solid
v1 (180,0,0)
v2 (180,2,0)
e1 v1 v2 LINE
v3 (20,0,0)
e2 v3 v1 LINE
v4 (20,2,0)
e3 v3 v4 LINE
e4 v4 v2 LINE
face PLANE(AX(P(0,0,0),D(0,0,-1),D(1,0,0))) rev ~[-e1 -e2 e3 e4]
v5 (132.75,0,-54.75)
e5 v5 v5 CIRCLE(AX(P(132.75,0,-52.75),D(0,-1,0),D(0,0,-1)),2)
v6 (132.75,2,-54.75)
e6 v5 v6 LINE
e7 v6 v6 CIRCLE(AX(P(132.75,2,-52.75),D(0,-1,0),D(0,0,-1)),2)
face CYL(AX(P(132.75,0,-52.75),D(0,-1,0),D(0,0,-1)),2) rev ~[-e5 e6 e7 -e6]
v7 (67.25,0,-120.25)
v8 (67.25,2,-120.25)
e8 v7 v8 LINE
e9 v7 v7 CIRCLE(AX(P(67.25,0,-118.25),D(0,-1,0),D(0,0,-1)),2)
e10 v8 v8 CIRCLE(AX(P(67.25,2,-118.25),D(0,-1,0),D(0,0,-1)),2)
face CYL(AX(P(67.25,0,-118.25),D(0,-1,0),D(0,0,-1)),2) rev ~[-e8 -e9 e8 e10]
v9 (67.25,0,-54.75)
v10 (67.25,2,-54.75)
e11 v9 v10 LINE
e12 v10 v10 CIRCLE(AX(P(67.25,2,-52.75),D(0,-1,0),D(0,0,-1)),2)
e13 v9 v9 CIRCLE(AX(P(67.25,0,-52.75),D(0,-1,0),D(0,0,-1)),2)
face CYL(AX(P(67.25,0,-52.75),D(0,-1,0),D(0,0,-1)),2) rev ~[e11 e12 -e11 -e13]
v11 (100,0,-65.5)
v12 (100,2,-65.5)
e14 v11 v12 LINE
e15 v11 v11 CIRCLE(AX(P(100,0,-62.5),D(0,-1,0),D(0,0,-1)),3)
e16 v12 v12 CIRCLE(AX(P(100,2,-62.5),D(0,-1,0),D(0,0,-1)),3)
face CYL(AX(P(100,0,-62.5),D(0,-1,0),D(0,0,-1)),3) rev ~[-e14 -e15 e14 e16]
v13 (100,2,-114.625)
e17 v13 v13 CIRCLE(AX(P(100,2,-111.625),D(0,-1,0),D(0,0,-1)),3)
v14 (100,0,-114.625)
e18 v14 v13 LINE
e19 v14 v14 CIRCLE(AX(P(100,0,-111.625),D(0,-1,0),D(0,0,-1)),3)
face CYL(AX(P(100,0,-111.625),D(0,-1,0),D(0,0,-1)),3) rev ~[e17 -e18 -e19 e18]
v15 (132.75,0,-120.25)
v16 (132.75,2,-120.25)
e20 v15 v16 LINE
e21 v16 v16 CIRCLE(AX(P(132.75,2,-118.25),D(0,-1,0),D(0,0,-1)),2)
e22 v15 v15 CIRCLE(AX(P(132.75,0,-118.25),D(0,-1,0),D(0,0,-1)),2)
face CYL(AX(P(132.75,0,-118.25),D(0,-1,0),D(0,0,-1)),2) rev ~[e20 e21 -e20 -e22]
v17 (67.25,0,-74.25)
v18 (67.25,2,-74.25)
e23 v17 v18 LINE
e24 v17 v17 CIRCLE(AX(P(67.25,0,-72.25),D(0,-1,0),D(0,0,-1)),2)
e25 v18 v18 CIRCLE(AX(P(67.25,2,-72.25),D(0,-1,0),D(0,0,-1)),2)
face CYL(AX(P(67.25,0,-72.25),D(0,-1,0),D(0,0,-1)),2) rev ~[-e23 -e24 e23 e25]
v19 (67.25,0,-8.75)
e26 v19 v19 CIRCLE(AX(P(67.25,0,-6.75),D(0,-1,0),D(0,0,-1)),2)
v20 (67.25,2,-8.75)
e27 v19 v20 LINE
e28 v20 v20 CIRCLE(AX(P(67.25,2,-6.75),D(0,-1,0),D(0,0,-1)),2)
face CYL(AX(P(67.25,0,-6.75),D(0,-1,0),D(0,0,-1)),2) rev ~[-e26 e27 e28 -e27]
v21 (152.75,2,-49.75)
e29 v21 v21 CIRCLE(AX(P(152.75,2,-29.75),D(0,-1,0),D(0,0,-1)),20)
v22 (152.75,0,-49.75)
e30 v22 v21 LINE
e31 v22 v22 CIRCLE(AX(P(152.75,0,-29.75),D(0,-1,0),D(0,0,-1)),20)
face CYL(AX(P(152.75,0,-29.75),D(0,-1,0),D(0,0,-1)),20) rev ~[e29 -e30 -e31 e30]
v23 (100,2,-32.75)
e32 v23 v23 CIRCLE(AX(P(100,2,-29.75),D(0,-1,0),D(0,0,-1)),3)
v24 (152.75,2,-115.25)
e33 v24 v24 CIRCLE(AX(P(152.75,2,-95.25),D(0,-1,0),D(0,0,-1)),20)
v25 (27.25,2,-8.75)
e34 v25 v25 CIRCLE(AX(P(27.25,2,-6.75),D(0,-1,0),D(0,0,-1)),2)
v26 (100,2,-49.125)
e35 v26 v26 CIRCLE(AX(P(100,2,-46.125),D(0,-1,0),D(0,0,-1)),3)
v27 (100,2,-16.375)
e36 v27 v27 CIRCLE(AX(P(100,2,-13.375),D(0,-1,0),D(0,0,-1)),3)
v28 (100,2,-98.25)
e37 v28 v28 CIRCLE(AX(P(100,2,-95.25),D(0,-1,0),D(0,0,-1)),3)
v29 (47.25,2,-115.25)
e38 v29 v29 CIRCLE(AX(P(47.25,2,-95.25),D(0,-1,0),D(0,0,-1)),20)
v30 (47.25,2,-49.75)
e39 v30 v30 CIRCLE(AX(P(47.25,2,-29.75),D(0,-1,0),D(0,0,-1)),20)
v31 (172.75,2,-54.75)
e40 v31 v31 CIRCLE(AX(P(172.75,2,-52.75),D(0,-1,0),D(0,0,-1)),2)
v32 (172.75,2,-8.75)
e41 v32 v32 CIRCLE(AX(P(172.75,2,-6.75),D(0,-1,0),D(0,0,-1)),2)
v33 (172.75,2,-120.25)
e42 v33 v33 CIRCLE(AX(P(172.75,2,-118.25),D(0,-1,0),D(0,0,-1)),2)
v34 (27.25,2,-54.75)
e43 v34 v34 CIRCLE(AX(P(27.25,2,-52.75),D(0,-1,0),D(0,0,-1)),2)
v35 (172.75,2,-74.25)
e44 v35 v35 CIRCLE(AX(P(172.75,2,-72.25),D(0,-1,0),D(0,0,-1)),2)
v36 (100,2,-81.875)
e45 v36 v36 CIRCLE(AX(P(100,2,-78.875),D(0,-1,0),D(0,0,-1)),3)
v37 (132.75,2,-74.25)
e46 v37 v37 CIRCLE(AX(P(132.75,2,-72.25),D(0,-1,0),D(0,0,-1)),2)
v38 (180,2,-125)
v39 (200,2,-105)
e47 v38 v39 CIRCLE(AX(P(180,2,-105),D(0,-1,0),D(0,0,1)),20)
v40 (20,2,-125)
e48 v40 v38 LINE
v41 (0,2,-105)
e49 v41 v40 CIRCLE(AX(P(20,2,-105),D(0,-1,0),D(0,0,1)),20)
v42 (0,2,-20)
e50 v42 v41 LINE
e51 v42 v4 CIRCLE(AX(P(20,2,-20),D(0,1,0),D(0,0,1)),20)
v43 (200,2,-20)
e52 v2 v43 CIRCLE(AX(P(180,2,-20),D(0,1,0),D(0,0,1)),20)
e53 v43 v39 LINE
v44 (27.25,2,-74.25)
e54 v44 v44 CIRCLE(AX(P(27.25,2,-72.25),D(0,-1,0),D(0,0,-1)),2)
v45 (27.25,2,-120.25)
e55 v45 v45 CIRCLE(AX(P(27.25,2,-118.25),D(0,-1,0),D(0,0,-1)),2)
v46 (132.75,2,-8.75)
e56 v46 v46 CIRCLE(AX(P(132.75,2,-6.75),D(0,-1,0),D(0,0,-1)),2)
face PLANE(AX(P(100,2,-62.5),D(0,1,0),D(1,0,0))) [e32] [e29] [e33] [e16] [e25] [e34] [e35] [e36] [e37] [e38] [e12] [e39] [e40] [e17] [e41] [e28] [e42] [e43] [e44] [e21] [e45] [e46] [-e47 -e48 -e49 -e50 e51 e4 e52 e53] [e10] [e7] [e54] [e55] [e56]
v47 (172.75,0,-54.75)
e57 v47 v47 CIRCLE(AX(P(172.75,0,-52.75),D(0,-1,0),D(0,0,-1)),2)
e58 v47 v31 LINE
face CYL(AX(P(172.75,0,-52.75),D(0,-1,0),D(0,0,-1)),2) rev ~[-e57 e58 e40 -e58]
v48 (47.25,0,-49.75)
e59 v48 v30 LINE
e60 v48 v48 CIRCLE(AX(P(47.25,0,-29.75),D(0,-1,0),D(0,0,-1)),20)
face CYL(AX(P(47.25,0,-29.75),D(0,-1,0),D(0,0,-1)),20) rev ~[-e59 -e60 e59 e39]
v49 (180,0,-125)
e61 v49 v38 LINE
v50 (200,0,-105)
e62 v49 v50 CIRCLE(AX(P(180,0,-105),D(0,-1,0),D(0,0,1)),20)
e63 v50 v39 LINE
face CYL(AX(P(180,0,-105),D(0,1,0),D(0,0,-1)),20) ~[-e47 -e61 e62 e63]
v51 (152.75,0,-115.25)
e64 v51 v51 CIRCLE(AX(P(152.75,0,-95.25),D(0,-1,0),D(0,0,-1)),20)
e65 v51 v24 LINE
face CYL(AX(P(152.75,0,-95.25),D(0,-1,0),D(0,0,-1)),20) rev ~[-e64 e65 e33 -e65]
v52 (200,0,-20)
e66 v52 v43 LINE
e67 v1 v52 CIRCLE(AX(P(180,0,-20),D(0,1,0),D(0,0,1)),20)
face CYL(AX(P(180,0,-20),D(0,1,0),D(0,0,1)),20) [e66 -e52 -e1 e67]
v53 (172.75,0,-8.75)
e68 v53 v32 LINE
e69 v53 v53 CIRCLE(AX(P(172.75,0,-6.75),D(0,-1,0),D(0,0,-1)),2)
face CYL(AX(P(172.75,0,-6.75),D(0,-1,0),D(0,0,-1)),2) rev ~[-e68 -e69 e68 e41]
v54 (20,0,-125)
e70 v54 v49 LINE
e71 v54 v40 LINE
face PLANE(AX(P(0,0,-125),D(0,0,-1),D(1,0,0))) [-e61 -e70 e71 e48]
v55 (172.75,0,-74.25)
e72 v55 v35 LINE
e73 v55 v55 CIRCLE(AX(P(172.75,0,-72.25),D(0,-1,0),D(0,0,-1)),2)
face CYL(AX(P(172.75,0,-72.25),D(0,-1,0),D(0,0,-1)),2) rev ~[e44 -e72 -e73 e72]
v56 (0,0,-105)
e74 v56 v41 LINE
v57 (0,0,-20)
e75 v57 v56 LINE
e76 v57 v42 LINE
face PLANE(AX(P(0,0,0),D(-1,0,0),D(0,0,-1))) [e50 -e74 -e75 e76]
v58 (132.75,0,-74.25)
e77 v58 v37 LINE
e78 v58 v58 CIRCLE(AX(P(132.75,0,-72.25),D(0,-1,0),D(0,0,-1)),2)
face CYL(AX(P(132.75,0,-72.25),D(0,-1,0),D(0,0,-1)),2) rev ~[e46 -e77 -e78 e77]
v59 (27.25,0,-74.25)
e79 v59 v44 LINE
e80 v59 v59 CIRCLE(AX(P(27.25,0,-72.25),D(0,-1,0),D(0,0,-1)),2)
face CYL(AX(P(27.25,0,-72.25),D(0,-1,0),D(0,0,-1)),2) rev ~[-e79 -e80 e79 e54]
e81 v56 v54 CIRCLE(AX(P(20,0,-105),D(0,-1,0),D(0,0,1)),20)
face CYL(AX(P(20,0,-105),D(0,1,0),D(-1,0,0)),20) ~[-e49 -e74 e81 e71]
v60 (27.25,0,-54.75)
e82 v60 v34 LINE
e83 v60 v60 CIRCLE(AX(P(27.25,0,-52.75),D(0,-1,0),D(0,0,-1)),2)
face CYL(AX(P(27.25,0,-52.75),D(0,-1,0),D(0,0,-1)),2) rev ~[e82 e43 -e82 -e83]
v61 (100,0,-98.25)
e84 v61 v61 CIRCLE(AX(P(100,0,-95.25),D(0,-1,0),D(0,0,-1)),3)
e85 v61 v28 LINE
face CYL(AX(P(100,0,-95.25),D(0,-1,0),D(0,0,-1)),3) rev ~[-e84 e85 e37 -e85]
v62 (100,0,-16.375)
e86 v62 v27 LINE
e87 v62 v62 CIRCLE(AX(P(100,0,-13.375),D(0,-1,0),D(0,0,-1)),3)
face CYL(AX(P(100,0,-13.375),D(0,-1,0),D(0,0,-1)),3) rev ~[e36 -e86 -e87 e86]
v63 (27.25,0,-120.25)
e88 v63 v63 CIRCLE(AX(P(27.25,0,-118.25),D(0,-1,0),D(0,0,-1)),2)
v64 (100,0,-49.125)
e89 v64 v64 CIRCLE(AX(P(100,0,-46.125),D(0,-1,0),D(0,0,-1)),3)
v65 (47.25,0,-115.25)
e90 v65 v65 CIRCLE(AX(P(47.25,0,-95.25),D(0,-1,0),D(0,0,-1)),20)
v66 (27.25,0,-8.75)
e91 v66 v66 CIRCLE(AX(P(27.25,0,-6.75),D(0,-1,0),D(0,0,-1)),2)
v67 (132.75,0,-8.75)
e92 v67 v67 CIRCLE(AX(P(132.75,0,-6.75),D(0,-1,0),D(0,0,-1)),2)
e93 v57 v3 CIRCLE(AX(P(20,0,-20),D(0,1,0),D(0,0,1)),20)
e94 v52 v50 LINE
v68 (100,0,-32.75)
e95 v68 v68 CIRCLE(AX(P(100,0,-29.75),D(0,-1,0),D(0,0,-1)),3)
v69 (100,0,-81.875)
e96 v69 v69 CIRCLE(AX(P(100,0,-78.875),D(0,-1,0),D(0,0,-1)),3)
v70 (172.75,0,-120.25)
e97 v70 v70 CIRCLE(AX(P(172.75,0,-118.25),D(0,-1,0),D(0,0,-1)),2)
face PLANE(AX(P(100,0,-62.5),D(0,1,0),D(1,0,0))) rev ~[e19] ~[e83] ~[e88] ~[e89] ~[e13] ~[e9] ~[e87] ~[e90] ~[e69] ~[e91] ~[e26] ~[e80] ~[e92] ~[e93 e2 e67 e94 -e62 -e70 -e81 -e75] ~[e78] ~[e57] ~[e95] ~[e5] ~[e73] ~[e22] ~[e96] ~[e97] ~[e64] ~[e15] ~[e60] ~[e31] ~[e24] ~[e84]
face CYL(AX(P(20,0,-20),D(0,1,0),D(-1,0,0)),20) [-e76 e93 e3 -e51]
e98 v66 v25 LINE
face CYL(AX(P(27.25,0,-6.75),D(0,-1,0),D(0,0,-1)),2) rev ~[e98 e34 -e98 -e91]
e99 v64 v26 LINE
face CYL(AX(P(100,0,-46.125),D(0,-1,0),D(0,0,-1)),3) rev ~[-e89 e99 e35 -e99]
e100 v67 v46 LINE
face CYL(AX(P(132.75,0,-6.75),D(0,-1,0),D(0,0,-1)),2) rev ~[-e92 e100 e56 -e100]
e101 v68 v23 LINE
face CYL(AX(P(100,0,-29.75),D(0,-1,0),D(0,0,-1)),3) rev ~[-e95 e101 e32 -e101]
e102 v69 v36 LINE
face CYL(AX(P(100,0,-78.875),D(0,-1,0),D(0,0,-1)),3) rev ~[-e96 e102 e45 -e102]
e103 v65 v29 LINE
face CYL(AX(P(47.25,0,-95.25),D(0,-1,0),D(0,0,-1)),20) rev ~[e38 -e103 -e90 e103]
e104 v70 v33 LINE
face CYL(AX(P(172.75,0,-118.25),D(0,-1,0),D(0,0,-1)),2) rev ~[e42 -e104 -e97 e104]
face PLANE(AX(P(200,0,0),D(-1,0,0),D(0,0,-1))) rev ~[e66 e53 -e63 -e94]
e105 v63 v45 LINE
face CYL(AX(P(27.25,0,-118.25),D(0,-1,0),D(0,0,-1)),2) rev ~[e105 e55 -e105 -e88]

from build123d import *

# Parameters (mm, degrees)
SKETCH_1_W          = 200
SKETCH_1_H          = 125
EXTRUDE_1_DEPTH     = 2
SKETCH_2_R          = 2
CUT_EXTRUDE_1_DEPTH = 236.858008132
SKETCH_3_R          = 20
SKETCH_3_R_2        = 3
CUT_EXTRUDE_2_DEPTH = 236.858008132
FILLET_1_R          = 20


with BuildPart() as part:
    # Эскиз1 → Бобышка-Вытянуть1 (new body)
    with BuildSketch(Plane(origin=(0, 0, 0), x_dir=(1, 0, 0), z_dir=(0, 1, 0))):
        with Locations((100, 62.5)):
            Rectangle(SKETCH_1_W, SKETCH_1_H)
    extrude(amount=EXTRUDE_1_DEPTH)

    # Эскиз2 → Вырез-Вытянуть1 (cut, through all)
    with BuildSketch(Plane.XZ):
        with Locations(Location((27.25, -6.75, 0), (0, 0, 270))):
            Circle(SKETCH_2_R)
        with Locations(Location((67.25, -6.75, 0), (0, 0, 270))):
            Circle(SKETCH_2_R)
        with Locations(Location((132.75, -6.75, 0), (0, 0, 270))):
            Circle(SKETCH_2_R)
        with Locations(Location((172.75, -6.75, 0), (0, 0, 270))):
            Circle(SKETCH_2_R)
        with Locations(Location((172.75, -52.75, 0), (0, 0, 270))):
            Circle(SKETCH_2_R)
        with Locations(Location((132.75, -52.75, 0), (0, 0, 270))):
            Circle(SKETCH_2_R)
        with Locations(Location((132.75, -72.25, 0), (0, 0, 270))):
            Circle(SKETCH_2_R)
        with Locations(Location((172.75, -72.25, 0), (0, 0, 270))):
            Circle(SKETCH_2_R)
        with Locations(Location((132.75, -118.25, 0), (0, 0, 270))):
            Circle(SKETCH_2_R)
        with Locations(Location((172.75, -118.25, 0), (0, 0, 270))):
            Circle(SKETCH_2_R)
        with Locations(Location((27.25, -52.75, 0), (0, 0, 270))):
            Circle(SKETCH_2_R)
        with Locations(Location((67.25, -52.75, 0), (0, 0, 270))):
            Circle(SKETCH_2_R)
        with Locations(Location((27.25, -72.25, 0), (0, 0, 270))):
            Circle(SKETCH_2_R)
        with Locations(Location((67.25, -72.25, 0), (0, 0, 270))):
            Circle(SKETCH_2_R)
        with Locations(Location((67.25, -118.25, 0), (0, 0, 270))):
            Circle(SKETCH_2_R)
        with Locations(Location((27.25, -118.25, 0), (0, 0, 270))):
            Circle(SKETCH_2_R)
    extrude(amount=-CUT_EXTRUDE_1_DEPTH, mode=Mode.SUBTRACT)

    # Эскиз3 → Вырез-Вытянуть2 (cut, through all)
    with BuildSketch(Plane.XZ):
        with Locations(Location((47.25, -29.75, 0), (0, 0, 270))):
            Circle(SKETCH_3_R)
        with Locations(Location((152.75, -29.75, 0), (0, 0, 270))):
            Circle(SKETCH_3_R)
        with Locations(Location((152.75, -95.25, 0), (0, 0, 270))):
            Circle(SKETCH_3_R)
        with Locations(Location((47.25, -95.25, 0), (0, 0, 270))):
            Circle(SKETCH_3_R)
        with Locations(Location((100, -62.5, 0), (0, 0, 270))):
            Circle(SKETCH_3_R_2)
        with Locations(Location((100, -29.75, 0), (0, 0, 270))):
            Circle(SKETCH_3_R_2)
        with Locations(Location((100, -95.25, 0), (0, 0, 270))):
            Circle(SKETCH_3_R_2)
        with Locations(Location((100, -13.375, 0), (0, 0, 270))):
            Circle(SKETCH_3_R_2)
        with Locations(Location((100, -46.125, 0), (0, 0, 270))):
            Circle(SKETCH_3_R_2)
        with Locations(Location((100, -78.875, 0), (0, 0, 270))):
            Circle(SKETCH_3_R_2)
        with Locations(Location((100, -111.625, 0), (0, 0, 270))):
            Circle(SKETCH_3_R_2)
    extrude(amount=-CUT_EXTRUDE_2_DEPTH, mode=Mode.SUBTRACT)

    # Скругление1
    fillet_1_edges = [part.edges().sort_by_distance(p)[0] for p in [
        (0, 1, -125),
        (200, 1, -125),
        (200, 1, 0),
        (0, 1, 0),
    ]]
    fillet(fillet_1_edges, radius=FILLET_1_R)


solid = part.part
